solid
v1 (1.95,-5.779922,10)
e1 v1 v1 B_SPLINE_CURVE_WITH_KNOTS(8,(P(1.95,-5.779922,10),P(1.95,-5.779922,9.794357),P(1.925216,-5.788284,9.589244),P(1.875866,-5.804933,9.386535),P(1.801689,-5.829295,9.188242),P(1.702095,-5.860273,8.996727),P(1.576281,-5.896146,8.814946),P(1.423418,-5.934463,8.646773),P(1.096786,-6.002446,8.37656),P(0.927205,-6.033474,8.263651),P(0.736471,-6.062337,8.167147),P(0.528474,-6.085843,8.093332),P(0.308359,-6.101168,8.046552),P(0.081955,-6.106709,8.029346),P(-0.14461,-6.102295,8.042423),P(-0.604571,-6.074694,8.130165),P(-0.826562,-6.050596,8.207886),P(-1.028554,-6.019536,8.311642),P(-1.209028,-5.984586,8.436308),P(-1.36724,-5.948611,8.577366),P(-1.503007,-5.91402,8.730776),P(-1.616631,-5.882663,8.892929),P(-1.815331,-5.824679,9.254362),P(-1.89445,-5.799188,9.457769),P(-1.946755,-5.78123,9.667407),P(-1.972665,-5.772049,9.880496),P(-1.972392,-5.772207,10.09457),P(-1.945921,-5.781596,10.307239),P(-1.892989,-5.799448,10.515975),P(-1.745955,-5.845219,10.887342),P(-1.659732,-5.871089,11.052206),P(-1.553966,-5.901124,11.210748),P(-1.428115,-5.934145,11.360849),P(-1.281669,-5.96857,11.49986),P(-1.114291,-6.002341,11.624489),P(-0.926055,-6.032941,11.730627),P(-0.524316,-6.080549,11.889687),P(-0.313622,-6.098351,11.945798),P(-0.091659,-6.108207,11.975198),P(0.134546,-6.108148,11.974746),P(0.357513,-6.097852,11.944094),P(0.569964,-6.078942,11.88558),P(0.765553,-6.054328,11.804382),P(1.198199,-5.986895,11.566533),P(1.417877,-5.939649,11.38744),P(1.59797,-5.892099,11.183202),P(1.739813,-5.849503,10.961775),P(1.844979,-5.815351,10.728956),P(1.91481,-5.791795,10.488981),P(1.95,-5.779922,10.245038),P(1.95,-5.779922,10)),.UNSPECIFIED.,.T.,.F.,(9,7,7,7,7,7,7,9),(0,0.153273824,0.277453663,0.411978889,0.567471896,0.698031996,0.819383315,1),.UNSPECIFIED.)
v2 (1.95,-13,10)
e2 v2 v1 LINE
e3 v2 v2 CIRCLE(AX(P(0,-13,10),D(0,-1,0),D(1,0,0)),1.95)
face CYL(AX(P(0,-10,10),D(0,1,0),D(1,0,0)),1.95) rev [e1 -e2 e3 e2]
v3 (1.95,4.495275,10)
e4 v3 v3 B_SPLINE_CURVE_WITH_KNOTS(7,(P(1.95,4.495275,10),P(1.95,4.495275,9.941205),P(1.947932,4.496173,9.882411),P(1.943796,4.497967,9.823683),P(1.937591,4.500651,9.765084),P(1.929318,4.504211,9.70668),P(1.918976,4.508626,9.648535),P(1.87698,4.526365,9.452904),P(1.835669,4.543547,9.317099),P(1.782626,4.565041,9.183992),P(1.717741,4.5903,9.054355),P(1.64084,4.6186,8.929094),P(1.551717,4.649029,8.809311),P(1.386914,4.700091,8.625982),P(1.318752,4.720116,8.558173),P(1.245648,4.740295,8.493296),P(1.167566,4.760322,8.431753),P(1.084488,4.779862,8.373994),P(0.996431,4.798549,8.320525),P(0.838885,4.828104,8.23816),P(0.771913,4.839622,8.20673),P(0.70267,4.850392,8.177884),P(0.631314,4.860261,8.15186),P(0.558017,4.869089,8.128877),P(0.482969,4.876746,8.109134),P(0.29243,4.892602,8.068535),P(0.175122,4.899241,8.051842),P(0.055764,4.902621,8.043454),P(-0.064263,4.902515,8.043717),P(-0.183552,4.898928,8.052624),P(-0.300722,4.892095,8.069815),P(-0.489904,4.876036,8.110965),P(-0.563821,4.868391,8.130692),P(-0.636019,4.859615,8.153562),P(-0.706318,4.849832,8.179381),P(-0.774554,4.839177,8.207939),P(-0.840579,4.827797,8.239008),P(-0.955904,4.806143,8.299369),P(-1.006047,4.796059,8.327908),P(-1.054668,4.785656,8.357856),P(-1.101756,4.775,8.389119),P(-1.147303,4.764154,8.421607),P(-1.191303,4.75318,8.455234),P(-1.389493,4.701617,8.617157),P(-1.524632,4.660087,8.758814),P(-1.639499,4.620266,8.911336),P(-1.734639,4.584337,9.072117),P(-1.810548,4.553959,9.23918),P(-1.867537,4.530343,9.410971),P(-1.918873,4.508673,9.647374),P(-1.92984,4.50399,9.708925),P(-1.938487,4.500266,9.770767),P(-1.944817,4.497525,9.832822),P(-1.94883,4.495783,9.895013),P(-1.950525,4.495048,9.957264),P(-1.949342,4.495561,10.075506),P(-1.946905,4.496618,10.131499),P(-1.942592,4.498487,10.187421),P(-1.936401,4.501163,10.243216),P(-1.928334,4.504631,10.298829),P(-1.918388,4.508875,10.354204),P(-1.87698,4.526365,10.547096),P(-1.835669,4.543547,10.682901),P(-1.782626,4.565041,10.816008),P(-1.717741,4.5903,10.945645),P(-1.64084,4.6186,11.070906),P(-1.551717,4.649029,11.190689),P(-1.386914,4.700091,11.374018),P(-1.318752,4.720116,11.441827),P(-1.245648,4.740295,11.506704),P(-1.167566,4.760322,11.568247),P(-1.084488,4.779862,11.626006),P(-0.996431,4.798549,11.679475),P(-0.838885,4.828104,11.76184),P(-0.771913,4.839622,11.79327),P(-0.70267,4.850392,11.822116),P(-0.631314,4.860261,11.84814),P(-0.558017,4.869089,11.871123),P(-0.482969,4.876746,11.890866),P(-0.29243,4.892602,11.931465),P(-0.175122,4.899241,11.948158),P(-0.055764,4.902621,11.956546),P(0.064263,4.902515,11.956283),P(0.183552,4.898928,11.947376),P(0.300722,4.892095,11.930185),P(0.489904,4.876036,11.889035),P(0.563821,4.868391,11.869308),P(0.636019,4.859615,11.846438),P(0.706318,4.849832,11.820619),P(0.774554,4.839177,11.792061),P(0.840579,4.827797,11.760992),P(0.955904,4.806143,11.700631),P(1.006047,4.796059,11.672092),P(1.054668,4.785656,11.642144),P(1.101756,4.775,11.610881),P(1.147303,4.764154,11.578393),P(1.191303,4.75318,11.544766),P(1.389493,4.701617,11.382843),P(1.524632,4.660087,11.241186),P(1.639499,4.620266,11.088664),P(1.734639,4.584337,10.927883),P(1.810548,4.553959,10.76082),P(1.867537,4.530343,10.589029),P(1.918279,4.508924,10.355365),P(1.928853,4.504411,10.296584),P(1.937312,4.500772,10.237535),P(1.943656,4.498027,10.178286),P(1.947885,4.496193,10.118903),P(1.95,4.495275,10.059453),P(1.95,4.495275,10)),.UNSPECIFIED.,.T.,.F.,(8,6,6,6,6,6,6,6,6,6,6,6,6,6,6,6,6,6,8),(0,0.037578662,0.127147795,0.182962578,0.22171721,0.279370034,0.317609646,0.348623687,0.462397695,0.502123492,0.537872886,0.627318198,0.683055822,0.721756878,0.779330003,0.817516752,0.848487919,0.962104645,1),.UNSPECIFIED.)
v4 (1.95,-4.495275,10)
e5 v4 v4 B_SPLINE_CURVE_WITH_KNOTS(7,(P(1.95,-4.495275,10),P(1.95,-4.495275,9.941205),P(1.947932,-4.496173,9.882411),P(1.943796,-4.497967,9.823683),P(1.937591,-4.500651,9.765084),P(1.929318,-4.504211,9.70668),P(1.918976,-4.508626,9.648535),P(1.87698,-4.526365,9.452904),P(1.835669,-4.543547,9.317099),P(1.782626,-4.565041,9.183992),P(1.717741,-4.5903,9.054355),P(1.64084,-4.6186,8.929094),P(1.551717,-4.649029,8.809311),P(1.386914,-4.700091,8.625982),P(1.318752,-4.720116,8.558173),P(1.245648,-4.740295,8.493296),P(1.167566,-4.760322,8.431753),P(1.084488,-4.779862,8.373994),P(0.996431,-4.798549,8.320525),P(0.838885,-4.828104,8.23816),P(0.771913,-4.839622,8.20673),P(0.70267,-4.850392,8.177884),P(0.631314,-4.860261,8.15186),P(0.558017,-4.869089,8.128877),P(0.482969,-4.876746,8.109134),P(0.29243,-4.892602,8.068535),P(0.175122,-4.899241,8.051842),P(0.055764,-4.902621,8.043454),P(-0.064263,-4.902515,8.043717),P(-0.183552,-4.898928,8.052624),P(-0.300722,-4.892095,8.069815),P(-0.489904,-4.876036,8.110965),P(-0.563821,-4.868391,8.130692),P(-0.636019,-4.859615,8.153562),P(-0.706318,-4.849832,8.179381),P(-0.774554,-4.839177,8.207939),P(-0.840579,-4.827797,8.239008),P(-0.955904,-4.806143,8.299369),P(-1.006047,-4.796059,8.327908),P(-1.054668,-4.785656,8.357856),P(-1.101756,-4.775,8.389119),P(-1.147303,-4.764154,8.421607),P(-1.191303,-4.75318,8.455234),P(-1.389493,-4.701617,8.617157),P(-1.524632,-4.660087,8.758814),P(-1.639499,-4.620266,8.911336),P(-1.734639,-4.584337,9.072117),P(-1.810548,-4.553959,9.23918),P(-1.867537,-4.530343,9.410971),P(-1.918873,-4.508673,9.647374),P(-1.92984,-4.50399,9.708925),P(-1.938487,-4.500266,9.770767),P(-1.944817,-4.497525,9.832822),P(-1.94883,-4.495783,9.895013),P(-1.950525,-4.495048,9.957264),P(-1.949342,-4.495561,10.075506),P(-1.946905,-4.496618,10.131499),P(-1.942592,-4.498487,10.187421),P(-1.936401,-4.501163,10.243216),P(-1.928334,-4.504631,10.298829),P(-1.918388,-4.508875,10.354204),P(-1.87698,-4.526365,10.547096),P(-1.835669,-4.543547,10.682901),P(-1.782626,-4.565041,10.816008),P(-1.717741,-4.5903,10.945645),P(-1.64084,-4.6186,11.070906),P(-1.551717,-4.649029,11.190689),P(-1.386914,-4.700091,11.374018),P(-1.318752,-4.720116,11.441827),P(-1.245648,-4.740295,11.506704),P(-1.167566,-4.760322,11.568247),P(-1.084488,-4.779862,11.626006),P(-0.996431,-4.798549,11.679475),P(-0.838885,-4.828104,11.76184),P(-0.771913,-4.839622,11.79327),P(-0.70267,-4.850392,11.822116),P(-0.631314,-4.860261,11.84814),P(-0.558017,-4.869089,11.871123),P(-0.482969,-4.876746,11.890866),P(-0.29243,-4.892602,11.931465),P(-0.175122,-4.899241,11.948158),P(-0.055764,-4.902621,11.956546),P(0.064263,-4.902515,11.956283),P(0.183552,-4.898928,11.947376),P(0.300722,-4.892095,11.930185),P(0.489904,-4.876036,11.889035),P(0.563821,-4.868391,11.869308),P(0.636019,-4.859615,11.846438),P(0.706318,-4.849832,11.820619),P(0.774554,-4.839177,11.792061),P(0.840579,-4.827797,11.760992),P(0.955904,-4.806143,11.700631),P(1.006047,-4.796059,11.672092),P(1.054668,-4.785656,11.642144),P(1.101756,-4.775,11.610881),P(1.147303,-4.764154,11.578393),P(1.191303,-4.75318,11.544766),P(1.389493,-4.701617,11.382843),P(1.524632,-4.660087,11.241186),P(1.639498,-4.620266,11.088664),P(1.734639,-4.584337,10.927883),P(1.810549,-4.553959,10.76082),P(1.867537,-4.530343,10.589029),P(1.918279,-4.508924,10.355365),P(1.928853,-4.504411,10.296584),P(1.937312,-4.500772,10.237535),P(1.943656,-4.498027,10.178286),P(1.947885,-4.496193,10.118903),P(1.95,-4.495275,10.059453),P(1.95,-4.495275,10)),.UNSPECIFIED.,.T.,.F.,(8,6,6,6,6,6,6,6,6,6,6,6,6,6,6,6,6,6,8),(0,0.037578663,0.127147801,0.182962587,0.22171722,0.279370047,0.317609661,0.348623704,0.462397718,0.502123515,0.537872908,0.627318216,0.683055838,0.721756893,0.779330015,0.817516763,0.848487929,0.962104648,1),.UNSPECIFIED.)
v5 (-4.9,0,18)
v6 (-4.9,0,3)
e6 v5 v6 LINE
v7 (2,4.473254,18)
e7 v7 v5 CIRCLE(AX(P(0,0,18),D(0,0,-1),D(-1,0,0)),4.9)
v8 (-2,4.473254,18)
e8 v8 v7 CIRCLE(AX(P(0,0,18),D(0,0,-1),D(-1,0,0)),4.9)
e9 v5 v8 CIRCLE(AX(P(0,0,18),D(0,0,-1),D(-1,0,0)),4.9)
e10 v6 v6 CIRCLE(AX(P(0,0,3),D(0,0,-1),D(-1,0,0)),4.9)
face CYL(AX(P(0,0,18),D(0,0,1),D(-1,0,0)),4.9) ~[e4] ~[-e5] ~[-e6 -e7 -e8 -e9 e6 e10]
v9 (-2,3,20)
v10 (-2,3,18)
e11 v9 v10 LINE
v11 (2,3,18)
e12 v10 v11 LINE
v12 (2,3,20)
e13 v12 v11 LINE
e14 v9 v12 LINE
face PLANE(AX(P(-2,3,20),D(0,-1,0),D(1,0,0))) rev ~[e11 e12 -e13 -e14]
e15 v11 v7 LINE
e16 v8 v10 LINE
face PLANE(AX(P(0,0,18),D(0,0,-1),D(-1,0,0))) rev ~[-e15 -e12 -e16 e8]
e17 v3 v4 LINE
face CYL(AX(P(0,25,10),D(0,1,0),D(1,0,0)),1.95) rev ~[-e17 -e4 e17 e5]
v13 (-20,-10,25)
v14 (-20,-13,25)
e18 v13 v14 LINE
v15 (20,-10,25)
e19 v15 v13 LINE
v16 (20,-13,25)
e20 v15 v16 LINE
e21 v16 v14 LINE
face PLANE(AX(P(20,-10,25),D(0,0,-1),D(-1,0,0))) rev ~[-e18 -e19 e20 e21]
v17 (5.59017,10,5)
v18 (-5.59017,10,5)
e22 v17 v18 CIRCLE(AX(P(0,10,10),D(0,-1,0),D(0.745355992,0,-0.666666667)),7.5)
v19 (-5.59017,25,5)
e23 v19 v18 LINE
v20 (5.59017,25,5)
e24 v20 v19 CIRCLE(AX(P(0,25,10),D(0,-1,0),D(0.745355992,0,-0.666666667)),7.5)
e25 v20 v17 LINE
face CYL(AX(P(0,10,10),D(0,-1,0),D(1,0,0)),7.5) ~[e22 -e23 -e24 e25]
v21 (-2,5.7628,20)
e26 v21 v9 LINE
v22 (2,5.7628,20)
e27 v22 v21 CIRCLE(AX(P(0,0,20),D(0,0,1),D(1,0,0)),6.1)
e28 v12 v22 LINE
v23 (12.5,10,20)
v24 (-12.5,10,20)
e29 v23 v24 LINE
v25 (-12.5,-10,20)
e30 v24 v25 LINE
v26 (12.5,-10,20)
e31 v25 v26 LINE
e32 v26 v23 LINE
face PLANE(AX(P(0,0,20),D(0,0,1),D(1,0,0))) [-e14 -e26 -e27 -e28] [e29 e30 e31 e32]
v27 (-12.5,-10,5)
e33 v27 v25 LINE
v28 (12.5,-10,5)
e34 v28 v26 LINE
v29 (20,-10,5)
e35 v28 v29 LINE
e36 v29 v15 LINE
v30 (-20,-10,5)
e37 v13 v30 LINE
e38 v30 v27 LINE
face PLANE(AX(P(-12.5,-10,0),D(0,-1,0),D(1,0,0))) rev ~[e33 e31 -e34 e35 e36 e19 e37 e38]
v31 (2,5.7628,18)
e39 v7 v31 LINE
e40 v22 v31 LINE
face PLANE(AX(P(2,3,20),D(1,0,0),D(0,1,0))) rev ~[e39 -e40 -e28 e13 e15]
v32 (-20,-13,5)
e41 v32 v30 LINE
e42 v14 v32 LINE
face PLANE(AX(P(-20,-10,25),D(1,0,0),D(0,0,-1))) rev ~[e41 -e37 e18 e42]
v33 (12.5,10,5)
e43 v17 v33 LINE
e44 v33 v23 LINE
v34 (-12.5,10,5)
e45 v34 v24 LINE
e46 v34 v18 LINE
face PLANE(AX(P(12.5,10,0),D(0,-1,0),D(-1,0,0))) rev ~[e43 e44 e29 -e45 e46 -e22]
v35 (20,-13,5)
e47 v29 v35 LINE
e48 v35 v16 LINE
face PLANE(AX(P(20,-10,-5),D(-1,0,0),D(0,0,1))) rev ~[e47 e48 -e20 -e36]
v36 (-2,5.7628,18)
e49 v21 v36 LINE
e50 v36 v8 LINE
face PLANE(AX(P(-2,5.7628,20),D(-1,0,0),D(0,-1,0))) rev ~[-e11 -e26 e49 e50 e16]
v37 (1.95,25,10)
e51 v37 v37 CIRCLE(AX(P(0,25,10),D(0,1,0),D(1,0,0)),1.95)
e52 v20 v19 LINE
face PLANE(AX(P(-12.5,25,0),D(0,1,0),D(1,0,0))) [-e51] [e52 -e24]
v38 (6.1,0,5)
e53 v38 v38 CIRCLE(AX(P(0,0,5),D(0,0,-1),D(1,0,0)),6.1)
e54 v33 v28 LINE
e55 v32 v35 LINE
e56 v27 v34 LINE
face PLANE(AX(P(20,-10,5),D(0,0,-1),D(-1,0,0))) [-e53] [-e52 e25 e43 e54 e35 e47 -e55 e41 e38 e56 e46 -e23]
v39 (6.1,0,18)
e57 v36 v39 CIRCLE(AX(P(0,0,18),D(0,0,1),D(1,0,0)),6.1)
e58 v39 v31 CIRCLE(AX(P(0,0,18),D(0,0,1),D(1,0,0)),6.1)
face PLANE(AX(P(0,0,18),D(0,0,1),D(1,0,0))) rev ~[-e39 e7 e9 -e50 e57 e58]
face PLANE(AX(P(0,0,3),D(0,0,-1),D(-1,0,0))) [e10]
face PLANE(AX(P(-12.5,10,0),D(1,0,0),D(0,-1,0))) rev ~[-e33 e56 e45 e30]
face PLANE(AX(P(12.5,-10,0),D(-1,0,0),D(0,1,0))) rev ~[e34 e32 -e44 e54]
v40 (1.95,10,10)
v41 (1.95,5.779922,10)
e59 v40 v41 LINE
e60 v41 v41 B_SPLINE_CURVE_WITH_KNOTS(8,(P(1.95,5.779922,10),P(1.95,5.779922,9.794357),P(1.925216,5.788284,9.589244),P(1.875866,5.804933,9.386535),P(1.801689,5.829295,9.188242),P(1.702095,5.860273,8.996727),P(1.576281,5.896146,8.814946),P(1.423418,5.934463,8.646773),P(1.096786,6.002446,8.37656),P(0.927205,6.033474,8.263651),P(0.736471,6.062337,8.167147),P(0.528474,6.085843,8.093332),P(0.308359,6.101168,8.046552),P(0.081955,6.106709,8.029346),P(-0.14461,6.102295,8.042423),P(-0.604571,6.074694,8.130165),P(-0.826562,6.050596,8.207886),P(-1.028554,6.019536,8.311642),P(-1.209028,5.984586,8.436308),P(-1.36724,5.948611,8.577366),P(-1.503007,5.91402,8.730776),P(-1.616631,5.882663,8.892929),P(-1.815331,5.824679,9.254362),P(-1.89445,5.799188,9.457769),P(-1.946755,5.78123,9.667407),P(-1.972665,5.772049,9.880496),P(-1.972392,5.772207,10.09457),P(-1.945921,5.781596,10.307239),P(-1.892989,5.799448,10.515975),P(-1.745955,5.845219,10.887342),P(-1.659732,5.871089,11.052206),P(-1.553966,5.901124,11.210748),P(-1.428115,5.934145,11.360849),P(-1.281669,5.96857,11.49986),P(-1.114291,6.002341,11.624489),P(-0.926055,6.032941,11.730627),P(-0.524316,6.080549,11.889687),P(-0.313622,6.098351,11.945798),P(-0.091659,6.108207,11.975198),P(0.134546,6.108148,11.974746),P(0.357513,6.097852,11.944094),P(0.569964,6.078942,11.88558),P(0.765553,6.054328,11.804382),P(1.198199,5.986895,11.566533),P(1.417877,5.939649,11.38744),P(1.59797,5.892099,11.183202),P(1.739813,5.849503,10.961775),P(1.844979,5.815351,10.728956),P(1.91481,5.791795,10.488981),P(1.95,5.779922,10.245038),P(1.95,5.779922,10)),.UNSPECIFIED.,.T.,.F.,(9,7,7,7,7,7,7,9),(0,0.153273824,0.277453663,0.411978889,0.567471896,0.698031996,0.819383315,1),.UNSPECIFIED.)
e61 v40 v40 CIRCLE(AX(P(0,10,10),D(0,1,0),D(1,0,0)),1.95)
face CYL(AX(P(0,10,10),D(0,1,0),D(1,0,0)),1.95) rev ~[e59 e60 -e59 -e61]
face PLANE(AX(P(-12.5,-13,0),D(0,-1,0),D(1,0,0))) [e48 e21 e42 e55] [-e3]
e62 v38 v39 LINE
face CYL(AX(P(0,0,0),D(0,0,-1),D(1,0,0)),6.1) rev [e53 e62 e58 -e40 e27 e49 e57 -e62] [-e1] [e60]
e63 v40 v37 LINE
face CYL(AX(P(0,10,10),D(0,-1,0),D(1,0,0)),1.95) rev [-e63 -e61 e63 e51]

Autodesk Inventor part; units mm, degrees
ref_plane "YZ Plane" through (0, 0, 0) normal (1, 0, 0) x (0, 1, 0)
ref_plane "XZ Plane" through (0, 0, 0) normal (0, 1, 0) x (-1, 0, 0)
ref_plane "XY Plane" through (0, 0, 0) normal (0, 0, 1) x (1, 0, 0)
sketch "Sketch1" plane through (0, 0, 0) normal (0, 0, 1) x (1, 0, 0)
  circle A0 centre (0, 0) radius 6.1
  line L0 (-12.5, -10) -> (12.5, -10)
  line L1 (12.5, -10) -> (12.5, 10)
  line L2 (12.5, 10) -> (-12.5, 10)
  line L3 (-12.5, 10) -> (-12.5, -10)
  line L4 (-12.5, -10) -> (12.5, 10) construction
  line L5 (12.5, -10) -> (-12.5, 10) construction
  dimension "d0" = 12.2
  dimension "d1" = 25
  dimension "d2" = 20
extrude "Extrusion1" add sketch "Sketch1" along normal blind 20
sketch "Sketch2" plane through (-12.5, 10, 0) normal (0, 1, 0) x (1, 0, 0)
  line L0 (0, 0) -> (0, -20) construction
  line L1 (25, -20) -> (0, -20) construction
  line L2 (0, 0) -> (25, -20) construction
  line L3 (0, -20) -> (25, 0) construction
  circle A0 centre (12.5, -10) radius 1.95
  point P0 (12.5, 0)
  dimension "d5" = 3.9
extrude "Extrusion2" cut sketch "Sketch2" against normal blind 100
sketch "Sketch3" plane through (-12.5, 10, 0) normal (0, 1, 0) x (1, 0, 0)
  circle A0 centre (12.5, -10) radius 1.95 projected
  line L0 (25, 0) -> (0, 0) projected
  line L1 (0, 0) -> (0, -20) projected
  line L2 (25, -20) -> (0, -20) projected
  line L3 (25, 0) -> (25, -20) projected
  circle A1 centre (12.5, -10) radius 7.5
  point P0 (12.5, 0)
  dimension "d8" = 15
extrude "Extrusion3" add sketch "Sketch3" along normal blind 15 contours A1
sketch "Sketch4" plane through (-12.5, -10, 0) normal (0, -1, 0) x (1, 0, 0)
  line L0 (32.5, 25) -> (-7.5, 25)
  line L1 (-7.5, 25) -> (-7.5, -5)
  line L2 (-7.5, -5) -> (32.5, -5)
  line L3 (32.5, -5) -> (32.5, 25)
  circle A0 centre (12.5, 10) radius 1.95 projected
  line L4 (32.5, 25) -> (-7.5, -5) construction
  line L5 (-7.5, 25) -> (32.5, -5) construction
  point P0 (12.5, 0)
  dimension "d11" = 30
  dimension "d12" = 40
extrude "Extrusion4" add sketch "Sketch4" along normal blind 3
sketch "Sketch6" plane through (20, -10, -5) normal (0, 0, -1) x (-1, 0, 0)
  line L0 (-13.3468, 43.0165) -> (63.7046, 43.0165)
  line L1 (63.7046, 43.0165) -> (63.7046, -16.6019)
  line L2 (63.7046, -16.6019) -> (-13.3468, -16.6019)
  line L3 (-13.3468, -16.6019) -> (-13.3468, 43.0165)
  point P0 (20, 10)
extrude "Extrusion6" cut sketch "Sketch6" against normal blind 10
sketch "Sketch8" plane through (-12.5, 25, 0) normal (0, 1, 0) x (1, 0, 0)
  circle A0 centre (12.5, -10) radius 1.95 projected
  point P0 (12.5, 0)
extrude "Extrusion8" cut sketch "Sketch8" against normal blind 100
sketch "Sketch9" plane through (0, 0, 20) normal (0, 0, 1) x (1, 0, 0)
  line L0 (-2, 5.7628) -> (-2, 3)
  line L1 (-2, 3) -> (2, 3)
  line L2 (2, 3) -> (2, 5.7628)
  circle A0 centre (0, 0) radius 6.1 projected
  line L3 (12.5, -10) -> (12.5, 10) projected
  line L4 (12.5, 10) -> (-12.5, 10) projected
  line L5 (-12.5, 10) -> (-12.5, -10) projected
  line L6 (-12.5, -10) -> (12.5, -10) projected
  circle A1 centre (0, 0) radius 6.1 projected
  dimension "d28" = 2
  dimension "d29" = 2
  dimension "d30" = 3
extrude "Extrusion9" add sketch "Sketch9" against normal blind 2 contours L0 L1 L2 A0 picked at (0.2259, -0.0207)
sketch "Sketch10" plane through (0, 0, 18) normal (0, 0, -1) x (-1, 0, 0)
  circle A0 centre (0, 0) radius 4.9
  dimension "d33" = 9.8
extrude "Extrusion10" add sketch "Sketch10" along normal blind 15
sketch "Sketch11" plane through (-12.5, 25, 0) normal (0, 1, 0) x (1, 0, 0)
  circle A0 centre (12.5, -10) radius 1.95 projected
  point P0 (12.5, 0)
extrude "Extrusion11" cut sketch "Sketch11" against normal blind 100
properties part number "Primary_hinge_template"
